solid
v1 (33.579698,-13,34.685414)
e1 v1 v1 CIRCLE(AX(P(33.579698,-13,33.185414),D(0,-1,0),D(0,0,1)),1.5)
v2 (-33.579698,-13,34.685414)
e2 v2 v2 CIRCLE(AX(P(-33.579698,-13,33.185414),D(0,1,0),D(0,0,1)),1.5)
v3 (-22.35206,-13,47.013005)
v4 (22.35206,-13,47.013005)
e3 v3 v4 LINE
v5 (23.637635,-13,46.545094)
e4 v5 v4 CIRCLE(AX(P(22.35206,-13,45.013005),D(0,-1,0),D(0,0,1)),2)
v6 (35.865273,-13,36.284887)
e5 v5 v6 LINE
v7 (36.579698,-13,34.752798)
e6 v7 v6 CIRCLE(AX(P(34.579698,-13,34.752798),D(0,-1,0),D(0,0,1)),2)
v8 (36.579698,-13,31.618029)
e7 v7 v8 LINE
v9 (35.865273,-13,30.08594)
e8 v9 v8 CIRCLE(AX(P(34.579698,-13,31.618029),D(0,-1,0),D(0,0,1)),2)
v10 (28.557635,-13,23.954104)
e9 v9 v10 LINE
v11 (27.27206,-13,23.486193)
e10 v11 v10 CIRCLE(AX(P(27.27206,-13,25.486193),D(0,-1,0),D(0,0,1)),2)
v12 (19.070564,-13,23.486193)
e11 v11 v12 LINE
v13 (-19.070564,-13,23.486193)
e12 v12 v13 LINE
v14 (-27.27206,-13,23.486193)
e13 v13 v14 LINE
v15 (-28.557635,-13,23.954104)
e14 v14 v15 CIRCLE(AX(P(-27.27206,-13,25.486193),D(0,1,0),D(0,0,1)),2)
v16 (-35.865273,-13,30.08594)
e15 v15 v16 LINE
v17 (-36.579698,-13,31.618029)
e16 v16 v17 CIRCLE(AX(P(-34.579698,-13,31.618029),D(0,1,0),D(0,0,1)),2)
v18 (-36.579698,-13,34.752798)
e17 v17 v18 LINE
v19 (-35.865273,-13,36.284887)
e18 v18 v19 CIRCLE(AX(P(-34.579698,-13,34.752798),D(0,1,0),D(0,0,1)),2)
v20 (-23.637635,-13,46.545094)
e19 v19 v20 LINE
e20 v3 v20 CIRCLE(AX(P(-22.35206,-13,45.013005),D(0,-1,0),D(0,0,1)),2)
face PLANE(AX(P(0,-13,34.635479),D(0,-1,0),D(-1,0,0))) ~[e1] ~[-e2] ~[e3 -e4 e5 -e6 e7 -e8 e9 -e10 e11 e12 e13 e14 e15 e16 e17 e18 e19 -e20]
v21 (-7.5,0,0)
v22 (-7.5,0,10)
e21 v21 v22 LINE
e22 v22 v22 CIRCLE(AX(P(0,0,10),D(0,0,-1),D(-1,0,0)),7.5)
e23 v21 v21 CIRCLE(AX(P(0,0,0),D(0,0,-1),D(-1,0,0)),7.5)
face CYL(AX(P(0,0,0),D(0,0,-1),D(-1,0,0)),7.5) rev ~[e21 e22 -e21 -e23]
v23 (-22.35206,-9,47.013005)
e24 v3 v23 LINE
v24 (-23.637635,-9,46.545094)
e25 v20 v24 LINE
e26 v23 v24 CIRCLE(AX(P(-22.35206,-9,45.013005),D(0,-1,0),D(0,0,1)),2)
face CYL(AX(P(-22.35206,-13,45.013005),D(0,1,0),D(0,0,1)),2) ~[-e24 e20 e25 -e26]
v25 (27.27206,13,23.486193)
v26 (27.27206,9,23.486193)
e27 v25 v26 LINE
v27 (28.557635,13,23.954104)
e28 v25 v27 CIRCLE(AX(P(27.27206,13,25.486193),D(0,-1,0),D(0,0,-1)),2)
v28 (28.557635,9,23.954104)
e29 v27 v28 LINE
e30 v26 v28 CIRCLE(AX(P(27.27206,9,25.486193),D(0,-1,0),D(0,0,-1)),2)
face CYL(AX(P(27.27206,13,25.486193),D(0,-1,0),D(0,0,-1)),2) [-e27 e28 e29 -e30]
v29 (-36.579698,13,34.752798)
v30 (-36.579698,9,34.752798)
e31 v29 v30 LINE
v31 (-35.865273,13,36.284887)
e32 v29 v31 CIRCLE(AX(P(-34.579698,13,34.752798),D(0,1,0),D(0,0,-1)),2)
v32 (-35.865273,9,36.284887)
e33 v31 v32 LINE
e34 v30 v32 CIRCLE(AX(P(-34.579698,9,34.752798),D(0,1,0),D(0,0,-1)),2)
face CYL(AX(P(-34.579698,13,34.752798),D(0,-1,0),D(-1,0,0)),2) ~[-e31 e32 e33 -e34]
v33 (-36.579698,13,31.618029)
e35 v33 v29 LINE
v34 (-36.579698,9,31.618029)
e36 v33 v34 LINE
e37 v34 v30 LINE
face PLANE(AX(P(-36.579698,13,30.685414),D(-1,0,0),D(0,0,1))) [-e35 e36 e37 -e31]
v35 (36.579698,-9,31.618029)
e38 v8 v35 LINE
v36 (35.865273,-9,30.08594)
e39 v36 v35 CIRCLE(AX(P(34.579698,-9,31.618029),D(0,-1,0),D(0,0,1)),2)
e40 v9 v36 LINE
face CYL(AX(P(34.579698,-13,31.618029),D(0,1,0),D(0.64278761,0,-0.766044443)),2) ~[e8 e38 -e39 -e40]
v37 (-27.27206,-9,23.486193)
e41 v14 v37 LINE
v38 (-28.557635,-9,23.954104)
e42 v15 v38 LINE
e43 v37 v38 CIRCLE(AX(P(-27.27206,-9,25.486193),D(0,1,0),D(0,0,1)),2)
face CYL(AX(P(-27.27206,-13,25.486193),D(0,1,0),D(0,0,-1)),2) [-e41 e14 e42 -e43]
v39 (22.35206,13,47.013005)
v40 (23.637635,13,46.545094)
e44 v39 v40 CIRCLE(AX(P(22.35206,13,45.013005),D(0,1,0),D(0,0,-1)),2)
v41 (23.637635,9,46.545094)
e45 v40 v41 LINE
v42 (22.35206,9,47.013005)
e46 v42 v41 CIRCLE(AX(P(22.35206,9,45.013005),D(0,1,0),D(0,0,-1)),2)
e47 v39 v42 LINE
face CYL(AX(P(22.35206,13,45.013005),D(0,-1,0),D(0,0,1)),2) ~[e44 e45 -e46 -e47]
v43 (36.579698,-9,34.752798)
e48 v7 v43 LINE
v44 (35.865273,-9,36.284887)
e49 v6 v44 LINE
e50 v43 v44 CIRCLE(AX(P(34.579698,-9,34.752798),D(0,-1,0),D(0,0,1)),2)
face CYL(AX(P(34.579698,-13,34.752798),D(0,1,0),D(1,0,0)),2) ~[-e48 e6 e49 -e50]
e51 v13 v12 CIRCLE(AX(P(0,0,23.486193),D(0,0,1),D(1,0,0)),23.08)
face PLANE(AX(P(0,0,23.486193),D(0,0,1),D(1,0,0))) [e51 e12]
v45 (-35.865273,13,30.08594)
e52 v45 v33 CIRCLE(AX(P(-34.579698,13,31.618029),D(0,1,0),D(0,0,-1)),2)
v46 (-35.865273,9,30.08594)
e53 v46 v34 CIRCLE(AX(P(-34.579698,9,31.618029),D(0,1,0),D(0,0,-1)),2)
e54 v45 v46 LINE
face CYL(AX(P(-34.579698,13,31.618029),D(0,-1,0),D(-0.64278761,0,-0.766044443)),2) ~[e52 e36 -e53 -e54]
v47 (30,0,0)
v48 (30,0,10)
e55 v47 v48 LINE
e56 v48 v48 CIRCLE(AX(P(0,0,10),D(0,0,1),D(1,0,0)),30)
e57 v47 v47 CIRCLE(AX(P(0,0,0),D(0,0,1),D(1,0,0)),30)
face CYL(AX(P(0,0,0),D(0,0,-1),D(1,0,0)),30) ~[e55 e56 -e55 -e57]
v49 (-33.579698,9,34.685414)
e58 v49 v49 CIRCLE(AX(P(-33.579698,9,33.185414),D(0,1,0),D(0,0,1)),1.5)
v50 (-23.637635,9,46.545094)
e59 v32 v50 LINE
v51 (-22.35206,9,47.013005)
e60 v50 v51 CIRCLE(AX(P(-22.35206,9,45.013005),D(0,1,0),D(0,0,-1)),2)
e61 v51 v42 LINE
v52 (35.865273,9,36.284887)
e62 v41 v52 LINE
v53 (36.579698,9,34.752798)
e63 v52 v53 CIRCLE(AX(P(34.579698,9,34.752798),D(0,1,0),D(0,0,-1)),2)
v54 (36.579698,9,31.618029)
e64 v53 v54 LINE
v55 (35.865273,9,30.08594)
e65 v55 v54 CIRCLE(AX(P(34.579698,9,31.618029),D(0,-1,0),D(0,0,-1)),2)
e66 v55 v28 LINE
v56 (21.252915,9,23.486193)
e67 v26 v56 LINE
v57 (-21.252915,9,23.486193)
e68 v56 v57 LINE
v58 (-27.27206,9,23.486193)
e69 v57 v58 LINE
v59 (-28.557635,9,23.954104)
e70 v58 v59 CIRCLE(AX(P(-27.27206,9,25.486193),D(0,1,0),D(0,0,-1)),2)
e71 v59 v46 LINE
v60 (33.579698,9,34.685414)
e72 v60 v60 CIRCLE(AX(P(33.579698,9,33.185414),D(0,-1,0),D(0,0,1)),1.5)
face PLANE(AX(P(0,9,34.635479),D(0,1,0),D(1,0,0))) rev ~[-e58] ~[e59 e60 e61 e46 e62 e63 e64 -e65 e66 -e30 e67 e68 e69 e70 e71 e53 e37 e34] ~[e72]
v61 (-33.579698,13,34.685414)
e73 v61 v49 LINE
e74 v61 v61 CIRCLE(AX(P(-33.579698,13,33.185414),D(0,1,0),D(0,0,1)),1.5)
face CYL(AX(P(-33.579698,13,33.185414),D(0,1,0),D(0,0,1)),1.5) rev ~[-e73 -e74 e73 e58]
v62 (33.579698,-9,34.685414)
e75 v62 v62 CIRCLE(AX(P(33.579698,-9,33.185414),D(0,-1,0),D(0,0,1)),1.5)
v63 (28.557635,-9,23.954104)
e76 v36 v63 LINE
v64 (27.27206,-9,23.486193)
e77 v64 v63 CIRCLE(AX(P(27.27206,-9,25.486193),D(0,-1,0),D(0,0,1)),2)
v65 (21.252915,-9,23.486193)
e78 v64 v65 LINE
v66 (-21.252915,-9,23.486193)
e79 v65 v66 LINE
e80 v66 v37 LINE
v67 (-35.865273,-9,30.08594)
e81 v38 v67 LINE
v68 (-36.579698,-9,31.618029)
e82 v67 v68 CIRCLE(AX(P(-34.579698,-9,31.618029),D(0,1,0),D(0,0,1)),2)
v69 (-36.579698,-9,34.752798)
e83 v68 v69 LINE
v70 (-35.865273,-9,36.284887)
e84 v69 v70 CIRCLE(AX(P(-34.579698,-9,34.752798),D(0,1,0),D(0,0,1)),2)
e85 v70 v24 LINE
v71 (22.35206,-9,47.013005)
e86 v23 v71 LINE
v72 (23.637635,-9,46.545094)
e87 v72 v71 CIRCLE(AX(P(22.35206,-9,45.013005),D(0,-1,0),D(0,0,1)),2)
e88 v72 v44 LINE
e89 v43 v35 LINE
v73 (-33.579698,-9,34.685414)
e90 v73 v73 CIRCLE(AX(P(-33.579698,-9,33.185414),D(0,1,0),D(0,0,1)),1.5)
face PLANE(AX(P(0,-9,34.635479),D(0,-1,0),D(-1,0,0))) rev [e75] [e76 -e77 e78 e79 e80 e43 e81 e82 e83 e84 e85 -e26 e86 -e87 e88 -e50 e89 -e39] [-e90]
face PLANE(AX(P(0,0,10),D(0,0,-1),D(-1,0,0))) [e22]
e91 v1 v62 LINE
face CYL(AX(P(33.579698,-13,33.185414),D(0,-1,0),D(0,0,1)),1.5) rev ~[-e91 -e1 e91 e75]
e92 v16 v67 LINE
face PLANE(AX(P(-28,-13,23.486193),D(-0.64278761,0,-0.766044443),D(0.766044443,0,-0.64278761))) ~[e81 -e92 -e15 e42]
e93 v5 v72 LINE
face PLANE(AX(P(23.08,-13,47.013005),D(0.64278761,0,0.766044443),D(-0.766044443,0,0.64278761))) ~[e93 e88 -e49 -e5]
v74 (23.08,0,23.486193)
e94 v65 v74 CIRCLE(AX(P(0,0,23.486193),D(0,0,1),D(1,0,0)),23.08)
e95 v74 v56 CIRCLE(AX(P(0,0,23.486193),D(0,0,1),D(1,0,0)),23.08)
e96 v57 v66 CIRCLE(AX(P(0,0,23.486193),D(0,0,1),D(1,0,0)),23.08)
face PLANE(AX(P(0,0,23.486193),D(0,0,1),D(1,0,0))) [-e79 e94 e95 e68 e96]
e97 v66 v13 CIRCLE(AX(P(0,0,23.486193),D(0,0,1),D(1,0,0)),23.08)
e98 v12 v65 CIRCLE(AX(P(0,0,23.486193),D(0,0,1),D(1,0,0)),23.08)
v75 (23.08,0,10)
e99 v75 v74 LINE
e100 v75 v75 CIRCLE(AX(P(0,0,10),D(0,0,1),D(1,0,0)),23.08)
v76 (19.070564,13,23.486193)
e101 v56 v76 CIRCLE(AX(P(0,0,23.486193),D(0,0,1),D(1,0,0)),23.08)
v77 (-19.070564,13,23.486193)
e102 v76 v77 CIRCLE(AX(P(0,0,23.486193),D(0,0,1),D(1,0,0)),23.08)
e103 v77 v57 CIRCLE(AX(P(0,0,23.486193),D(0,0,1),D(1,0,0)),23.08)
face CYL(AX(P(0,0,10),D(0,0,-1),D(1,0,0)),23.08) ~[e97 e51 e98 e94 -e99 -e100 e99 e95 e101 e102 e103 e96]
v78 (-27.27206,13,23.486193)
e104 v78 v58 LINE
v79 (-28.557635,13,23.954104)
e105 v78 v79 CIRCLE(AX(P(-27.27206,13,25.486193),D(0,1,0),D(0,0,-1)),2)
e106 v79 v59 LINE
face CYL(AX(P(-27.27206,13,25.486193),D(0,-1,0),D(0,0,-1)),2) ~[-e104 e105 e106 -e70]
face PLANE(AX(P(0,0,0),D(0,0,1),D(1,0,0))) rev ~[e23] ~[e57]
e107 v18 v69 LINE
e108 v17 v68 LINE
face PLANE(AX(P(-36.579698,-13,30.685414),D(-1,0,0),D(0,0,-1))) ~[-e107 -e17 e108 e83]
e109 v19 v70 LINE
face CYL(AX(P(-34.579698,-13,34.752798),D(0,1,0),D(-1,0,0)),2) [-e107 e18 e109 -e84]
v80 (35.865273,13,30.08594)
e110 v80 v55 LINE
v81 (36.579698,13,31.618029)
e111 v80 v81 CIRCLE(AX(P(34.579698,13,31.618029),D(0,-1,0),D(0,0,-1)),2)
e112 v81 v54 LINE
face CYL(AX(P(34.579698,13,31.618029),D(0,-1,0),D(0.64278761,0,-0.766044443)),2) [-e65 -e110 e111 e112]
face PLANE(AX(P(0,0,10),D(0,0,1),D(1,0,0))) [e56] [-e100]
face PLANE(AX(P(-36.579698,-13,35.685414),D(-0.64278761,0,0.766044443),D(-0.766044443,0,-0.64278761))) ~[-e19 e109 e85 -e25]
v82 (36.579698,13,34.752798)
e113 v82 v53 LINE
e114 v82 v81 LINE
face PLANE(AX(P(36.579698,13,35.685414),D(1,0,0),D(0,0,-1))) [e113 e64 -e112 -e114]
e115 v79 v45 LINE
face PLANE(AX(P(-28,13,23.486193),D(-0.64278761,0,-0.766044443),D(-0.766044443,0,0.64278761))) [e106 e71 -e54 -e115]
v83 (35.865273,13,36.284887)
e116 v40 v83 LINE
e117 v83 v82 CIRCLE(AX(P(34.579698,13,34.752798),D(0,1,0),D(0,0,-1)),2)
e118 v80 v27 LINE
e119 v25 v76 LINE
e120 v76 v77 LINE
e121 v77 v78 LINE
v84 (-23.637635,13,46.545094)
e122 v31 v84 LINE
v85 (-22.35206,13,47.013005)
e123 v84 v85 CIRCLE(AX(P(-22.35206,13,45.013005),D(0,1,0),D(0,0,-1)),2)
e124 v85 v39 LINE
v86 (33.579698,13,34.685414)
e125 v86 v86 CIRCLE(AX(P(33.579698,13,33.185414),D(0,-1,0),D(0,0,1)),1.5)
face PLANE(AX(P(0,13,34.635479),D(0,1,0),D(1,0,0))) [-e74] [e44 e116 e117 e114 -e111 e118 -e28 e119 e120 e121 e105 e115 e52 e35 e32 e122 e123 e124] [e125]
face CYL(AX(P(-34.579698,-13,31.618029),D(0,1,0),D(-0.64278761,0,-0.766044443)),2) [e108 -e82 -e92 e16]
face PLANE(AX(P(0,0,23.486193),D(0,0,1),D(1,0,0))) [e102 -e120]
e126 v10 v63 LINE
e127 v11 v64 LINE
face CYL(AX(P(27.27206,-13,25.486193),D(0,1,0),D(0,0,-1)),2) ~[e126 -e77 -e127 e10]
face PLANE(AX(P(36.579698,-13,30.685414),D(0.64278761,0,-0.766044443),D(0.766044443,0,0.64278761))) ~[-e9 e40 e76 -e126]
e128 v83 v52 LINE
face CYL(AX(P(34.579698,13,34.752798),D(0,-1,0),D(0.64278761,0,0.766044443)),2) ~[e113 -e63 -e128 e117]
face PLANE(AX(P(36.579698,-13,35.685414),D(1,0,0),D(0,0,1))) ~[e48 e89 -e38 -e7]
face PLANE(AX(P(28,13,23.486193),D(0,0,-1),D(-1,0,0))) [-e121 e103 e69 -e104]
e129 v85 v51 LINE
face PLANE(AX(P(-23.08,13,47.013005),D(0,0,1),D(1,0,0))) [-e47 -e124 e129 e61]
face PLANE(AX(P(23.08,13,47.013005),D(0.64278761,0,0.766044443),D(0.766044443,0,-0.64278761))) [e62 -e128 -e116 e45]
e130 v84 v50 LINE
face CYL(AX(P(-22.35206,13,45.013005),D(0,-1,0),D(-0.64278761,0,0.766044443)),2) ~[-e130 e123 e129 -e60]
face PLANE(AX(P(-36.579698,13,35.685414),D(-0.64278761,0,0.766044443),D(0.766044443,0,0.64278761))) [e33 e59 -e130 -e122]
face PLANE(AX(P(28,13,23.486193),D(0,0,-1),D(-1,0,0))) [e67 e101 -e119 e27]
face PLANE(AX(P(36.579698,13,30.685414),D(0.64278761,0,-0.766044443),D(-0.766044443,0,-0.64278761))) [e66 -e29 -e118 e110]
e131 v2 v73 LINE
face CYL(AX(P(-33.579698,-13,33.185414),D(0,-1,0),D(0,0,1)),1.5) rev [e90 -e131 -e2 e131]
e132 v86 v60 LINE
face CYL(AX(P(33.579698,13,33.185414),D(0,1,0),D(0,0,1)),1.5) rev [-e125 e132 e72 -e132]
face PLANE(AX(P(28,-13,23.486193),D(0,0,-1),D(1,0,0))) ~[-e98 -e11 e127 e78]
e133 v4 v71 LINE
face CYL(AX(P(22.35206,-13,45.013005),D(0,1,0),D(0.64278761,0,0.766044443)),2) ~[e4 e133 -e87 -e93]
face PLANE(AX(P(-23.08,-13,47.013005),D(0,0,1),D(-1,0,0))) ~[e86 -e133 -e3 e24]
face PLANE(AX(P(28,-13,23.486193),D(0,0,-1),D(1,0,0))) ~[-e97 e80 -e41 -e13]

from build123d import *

# Parameters (mm, degrees)
SKETCH1_R               = 30
BOSS_EXTRUDE1_DEPTH     = 10
SKETCH2_R               = 23.08
BOSS_EXTRUDE2_DEPTH     = 13.486192569
BOSS_EXTRUDE3_DEPTH     = 4
FILLET1_R               = 2
SKETCH5_R               = 1.5
CUT_EXTRUDE1_DEPTH      = 4
MIRROR2_COPY_1_SKETCH_R = 1.5
MIRROR2_COPY_1_DEPTH    = 4
FILLET1_OF_MIRROR2_R    = 2
SKETCH8_R               = 7.5
CUT_EXTRUDE2_DEPTH      = 10


with BuildPart() as part:
    # Sketch1 → Boss-Extrude1 (new body)
    with BuildSketch(Plane.XY):
        Circle(SKETCH1_R)
    extrude(amount=BOSS_EXTRUDE1_DEPTH)

    # Sketch2 → Boss-Extrude2 (add)
    with BuildSketch(Plane.XY.offset(10)):
        Circle(SKETCH2_R)
    extrude(amount=BOSS_EXTRUDE2_DEPTH)

    # Sketch4 → Boss-Extrude3 (add)
    with BuildSketch(Plane(origin=(0, 13, 0), x_dir=(1, 0, 0), z_dir=(0, 1, 0))):
        Polygon((28, -23.486192569), (-28, -23.486192569), (-36.579697763, -30.685413797), (-36.579697763, -35.685413797), (-23.08, -47.013005211), (23.08, -47.013005211), (36.579697763, -35.685413797), (36.579697763, -30.685413797), align=None)
    boss_extrude3 = extrude(amount=-BOSS_EXTRUDE3_DEPTH)

    # Fillet1
    fillet1_edges = [part.edges().sort_by_distance(p)[0] for p in [
        (-36.579697763, 11, 30.685413797),
        (-28, 11, 23.486192569),
        (28, 11, 23.486192569),
        (36.579697763, 11, 30.685413797),
        (36.579697763, 11, 35.685413797),
        (23.08, 11, 47.013005211),
        (-23.08, 11, 47.013005211),
        (-36.579697763, 11, 35.685413797),
    ]]
    fillet(fillet1_edges, radius=FILLET1_R)

    # Sketch5 → Cut-Extrude1 (cut)
    with BuildSketch(Plane(origin=(0, 13, 0), x_dir=(1, 0, 0), z_dir=(0, 1, 0))):
        with Locations(Location((-33.579697763, -33.185413797, 0), (0, 0, 270))):
            Circle(SKETCH5_R)
    cut_extrude1 = extrude(amount=-CUT_EXTRUDE1_DEPTH, mode=Mode.SUBTRACT)

    # Mirror1: Cut-Extrude1 across plane
    add(cut_extrude1.mirror(Plane(origin=(0, 0, 0), x_dir=(0, 0, 1), z_dir=(1, 0, 0))), mode=Mode.SUBTRACT)

    # Mirror2: Boss-Extrude3, Cut-Extrude1 across plane
    add(boss_extrude3.mirror(Plane.ZX))
    add(cut_extrude1.mirror(Plane.ZX), mode=Mode.SUBTRACT)

    # Mirror2 copy 1 sketch → Mirror2 copy 1 (cut)
    with BuildSketch(Plane(origin=(0, -13, 0), x_dir=(-1, 0, 0), z_dir=(0, -1, 0))):
        with Locations(Location((-33.579697763, -33.185413797, 0), (0, 0, 270))):
            Circle(MIRROR2_COPY_1_SKETCH_R)
    extrude(amount=-MIRROR2_COPY_1_DEPTH, mode=Mode.SUBTRACT)

    # Fillet1 of Mirror2
    fillet1_of_mirror2_edges = [part.edges().sort_by_distance(p)[0] for p in [
        (-36.579697763, -11, 30.685413797),
        (-28, -11, 23.486192569),
        (28, -11, 23.486192569),
        (36.579697763, -11, 30.685413797),
        (36.579697763, -11, 35.685413797),
        (23.08, -11, 47.013005211),
        (-23.08, -11, 47.013005211),
        (-36.579697763, -11, 35.685413797),
    ]]
    fillet(fillet1_of_mirror2_edges, radius=FILLET1_OF_MIRROR2_R)

    # Sketch8 → Cut-Extrude2 (cut)
    with BuildSketch(Plane(origin=(0, 0, 0), x_dir=(-1, 0, 0), z_dir=(0, 0, -1))):
        Circle(SKETCH8_R)
    extrude(amount=-CUT_EXTRUDE2_DEPTH, mode=Mode.SUBTRACT)


solid = part.part
